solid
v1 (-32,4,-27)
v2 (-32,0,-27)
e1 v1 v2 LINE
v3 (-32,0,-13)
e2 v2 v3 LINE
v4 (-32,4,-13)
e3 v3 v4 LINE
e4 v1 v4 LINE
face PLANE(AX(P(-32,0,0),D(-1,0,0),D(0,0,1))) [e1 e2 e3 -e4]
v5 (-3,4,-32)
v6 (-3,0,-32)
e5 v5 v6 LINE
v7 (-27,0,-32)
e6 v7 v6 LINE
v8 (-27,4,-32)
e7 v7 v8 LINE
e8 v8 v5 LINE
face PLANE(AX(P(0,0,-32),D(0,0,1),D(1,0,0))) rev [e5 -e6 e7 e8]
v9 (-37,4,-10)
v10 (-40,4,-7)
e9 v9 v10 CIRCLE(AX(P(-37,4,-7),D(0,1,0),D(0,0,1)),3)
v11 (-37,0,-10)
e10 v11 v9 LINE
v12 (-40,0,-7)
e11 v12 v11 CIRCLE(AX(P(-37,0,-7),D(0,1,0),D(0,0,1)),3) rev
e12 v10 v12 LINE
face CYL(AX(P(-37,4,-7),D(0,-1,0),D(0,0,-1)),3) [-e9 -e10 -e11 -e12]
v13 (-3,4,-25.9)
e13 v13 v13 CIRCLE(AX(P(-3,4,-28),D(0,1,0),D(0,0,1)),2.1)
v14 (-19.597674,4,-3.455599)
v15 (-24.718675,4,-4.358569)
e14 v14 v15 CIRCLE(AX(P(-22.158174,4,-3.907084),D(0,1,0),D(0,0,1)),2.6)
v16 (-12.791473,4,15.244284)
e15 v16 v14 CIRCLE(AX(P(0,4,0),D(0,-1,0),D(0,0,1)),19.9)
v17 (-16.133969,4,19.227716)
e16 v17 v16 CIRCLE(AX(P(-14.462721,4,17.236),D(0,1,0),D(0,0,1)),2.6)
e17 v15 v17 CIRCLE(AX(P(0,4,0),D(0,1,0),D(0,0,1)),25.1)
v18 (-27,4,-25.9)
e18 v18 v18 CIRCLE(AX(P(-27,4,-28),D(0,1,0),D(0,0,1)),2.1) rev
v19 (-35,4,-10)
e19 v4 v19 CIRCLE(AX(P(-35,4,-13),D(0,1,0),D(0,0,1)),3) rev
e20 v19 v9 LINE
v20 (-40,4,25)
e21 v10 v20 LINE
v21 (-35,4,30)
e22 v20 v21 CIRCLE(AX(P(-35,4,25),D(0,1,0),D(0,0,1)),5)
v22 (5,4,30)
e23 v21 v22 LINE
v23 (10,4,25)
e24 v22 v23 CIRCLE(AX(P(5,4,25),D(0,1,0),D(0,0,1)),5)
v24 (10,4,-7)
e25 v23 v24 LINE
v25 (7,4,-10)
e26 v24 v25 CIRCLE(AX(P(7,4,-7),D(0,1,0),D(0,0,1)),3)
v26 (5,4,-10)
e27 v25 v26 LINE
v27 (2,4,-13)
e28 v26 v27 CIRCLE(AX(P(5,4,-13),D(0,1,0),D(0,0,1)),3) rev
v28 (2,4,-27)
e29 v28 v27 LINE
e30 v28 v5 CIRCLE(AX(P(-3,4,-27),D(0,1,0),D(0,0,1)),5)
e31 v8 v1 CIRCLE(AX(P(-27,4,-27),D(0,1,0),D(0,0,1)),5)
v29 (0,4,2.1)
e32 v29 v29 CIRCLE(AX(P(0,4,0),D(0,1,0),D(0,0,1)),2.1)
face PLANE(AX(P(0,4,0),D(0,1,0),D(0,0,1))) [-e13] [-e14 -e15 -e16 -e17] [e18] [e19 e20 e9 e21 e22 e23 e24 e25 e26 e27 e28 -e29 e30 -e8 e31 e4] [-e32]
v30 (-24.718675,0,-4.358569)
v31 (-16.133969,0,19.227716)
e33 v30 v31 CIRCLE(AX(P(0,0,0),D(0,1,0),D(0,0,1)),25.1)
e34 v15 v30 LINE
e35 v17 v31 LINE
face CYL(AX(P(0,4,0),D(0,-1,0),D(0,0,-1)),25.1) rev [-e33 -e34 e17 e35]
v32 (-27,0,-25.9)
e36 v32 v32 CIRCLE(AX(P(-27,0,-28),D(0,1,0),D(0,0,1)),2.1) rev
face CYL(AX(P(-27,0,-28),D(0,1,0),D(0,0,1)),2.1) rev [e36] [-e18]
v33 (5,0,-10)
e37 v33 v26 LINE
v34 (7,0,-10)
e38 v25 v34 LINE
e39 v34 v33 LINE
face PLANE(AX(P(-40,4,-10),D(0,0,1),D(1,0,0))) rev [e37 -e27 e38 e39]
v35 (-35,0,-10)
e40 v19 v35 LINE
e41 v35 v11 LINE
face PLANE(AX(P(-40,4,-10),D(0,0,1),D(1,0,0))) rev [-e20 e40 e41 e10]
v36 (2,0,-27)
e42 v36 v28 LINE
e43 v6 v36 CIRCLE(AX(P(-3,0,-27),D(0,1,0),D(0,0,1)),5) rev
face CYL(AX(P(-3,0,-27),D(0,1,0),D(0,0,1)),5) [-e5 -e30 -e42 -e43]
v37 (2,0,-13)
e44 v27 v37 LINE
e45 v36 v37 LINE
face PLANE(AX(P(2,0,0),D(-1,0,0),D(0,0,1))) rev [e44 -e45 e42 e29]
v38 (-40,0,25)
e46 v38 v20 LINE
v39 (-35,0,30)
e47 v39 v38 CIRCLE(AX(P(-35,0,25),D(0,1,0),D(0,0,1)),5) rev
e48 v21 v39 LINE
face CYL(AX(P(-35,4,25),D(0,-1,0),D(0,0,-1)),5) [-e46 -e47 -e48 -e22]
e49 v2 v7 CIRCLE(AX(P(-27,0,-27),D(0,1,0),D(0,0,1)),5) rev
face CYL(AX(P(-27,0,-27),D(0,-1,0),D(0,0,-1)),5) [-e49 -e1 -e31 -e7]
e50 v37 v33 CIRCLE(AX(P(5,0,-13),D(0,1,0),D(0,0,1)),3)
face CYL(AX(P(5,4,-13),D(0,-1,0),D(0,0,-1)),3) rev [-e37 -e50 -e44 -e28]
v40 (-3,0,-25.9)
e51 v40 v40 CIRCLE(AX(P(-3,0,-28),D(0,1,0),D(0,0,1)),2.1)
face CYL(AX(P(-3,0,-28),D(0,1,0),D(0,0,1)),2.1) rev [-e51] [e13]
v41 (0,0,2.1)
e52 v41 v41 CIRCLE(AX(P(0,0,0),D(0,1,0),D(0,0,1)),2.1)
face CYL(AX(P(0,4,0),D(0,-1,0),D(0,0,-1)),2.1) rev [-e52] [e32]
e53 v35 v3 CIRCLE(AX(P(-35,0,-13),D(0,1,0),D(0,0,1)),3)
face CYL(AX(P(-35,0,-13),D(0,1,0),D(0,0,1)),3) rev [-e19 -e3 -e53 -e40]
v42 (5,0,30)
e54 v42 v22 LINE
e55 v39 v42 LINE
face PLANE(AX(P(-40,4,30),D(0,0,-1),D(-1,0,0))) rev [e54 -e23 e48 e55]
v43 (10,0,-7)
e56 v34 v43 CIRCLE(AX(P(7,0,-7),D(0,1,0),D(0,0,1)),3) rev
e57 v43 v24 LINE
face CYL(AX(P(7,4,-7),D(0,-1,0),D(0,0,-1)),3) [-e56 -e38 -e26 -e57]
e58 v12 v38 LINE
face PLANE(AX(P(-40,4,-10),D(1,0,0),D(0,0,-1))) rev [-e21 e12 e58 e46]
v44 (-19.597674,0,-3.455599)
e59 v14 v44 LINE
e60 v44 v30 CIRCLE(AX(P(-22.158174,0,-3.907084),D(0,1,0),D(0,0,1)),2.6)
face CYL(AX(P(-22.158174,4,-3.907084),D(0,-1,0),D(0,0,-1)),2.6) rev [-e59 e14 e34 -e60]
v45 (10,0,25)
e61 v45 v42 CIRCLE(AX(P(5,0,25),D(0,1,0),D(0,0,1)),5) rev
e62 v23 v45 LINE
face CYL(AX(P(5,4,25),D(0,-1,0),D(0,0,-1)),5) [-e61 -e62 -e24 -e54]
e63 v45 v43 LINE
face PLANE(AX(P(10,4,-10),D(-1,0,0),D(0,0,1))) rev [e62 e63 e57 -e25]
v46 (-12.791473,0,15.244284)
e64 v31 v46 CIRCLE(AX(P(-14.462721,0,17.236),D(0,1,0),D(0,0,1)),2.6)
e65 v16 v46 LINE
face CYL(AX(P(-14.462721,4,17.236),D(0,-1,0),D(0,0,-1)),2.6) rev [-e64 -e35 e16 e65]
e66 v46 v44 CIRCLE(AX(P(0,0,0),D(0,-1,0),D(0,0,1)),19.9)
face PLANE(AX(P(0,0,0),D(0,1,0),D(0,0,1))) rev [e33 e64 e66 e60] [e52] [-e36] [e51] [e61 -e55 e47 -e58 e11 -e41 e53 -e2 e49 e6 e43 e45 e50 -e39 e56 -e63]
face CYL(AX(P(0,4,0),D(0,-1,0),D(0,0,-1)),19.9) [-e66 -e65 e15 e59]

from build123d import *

# Parameters (mm, degrees)
SKETCH_1_W         = 50
SKETCH_1_H         = 40
SKETCH_1_R         = 2.1
EXTRUDE_590_DEPTH  = 4
SKETCH_2_W         = 34
SKETCH_2_H         = 14
SKETCH_2_H_2       = 8
SKETCH_2_R         = 2.1
EXTRUDE_1234_DEPTH = 4
FILLET_3_R         = 3
FILLET_5_R         = 5


with BuildPart() as part:
    # 草图1 → Extrude 590 (new body)
    with BuildSketch(Plane(origin=(0, 0, 0), x_dir=(1, 0, 0), z_dir=(0, 1, 0))):
        with Locations((-15, -10)):
            Rectangle(SKETCH_1_W, SKETCH_1_H)
        Circle(SKETCH_1_R, mode=Mode.SUBTRACT)
        with BuildLine():
            ThreePointArc((-24.718674601, 4.358569259), (-23.586284782, -8.584705597), (-16.133969003, -19.227715522))
            ThreePointArc((-16.133969003, -19.227715522), (-12.471005666, -18.907247755), (-12.791473433, -15.244284418))
            ThreePointArc((-12.791473433, -15.244284418), (-18.699883154, -6.806200852), (-19.597674285, 3.455598736))
            ThreePointArc((-19.597674285, 3.455598736), (-21.706689181, 6.467584155), (-24.718674601, 4.358569259))
        make_face(mode=Mode.SUBTRACT)
    extrude(amount=EXTRUDE_590_DEPTH)

    # 草图2 → Extrude 1234 (add, through all)
    with BuildSketch(Plane(origin=(0, 4, 0), x_dir=(1, 0, 0), z_dir=(0, 1, 0))):
        with Locations((-15, 17)):
            Rectangle(SKETCH_2_W, SKETCH_2_H)
        with Locations((-15, 28)):
            Rectangle(SKETCH_2_W, SKETCH_2_H_2)
        with Locations((-3, 28)):
            Circle(SKETCH_2_R, mode=Mode.SUBTRACT)
        with Locations((-27, 28)):
            Circle(SKETCH_2_R, mode=Mode.SUBTRACT)
    extrude(amount=-EXTRUDE_1234_DEPTH)

    # 圆角3
    fillet_3_edges = [part.edges().sort_by_distance(p)[0] for p in [
        (2, 2, -10),
        (-32, 2, -10),
        (-40, 2, -10),
        (10, 2, -10),
    ]]
    fillet(fillet_3_edges, radius=FILLET_3_R)

    # 圆角5
    fillet_5_edges = [part.edges().sort_by_distance(p)[0] for p in [
        (2, 2, -32),
        (-32, 2, -32),
        (10, 2, 30),
        (-40, 2, 30),
    ]]
    fillet(fillet_5_edges, radius=FILLET_5_R)


solid = part.part
